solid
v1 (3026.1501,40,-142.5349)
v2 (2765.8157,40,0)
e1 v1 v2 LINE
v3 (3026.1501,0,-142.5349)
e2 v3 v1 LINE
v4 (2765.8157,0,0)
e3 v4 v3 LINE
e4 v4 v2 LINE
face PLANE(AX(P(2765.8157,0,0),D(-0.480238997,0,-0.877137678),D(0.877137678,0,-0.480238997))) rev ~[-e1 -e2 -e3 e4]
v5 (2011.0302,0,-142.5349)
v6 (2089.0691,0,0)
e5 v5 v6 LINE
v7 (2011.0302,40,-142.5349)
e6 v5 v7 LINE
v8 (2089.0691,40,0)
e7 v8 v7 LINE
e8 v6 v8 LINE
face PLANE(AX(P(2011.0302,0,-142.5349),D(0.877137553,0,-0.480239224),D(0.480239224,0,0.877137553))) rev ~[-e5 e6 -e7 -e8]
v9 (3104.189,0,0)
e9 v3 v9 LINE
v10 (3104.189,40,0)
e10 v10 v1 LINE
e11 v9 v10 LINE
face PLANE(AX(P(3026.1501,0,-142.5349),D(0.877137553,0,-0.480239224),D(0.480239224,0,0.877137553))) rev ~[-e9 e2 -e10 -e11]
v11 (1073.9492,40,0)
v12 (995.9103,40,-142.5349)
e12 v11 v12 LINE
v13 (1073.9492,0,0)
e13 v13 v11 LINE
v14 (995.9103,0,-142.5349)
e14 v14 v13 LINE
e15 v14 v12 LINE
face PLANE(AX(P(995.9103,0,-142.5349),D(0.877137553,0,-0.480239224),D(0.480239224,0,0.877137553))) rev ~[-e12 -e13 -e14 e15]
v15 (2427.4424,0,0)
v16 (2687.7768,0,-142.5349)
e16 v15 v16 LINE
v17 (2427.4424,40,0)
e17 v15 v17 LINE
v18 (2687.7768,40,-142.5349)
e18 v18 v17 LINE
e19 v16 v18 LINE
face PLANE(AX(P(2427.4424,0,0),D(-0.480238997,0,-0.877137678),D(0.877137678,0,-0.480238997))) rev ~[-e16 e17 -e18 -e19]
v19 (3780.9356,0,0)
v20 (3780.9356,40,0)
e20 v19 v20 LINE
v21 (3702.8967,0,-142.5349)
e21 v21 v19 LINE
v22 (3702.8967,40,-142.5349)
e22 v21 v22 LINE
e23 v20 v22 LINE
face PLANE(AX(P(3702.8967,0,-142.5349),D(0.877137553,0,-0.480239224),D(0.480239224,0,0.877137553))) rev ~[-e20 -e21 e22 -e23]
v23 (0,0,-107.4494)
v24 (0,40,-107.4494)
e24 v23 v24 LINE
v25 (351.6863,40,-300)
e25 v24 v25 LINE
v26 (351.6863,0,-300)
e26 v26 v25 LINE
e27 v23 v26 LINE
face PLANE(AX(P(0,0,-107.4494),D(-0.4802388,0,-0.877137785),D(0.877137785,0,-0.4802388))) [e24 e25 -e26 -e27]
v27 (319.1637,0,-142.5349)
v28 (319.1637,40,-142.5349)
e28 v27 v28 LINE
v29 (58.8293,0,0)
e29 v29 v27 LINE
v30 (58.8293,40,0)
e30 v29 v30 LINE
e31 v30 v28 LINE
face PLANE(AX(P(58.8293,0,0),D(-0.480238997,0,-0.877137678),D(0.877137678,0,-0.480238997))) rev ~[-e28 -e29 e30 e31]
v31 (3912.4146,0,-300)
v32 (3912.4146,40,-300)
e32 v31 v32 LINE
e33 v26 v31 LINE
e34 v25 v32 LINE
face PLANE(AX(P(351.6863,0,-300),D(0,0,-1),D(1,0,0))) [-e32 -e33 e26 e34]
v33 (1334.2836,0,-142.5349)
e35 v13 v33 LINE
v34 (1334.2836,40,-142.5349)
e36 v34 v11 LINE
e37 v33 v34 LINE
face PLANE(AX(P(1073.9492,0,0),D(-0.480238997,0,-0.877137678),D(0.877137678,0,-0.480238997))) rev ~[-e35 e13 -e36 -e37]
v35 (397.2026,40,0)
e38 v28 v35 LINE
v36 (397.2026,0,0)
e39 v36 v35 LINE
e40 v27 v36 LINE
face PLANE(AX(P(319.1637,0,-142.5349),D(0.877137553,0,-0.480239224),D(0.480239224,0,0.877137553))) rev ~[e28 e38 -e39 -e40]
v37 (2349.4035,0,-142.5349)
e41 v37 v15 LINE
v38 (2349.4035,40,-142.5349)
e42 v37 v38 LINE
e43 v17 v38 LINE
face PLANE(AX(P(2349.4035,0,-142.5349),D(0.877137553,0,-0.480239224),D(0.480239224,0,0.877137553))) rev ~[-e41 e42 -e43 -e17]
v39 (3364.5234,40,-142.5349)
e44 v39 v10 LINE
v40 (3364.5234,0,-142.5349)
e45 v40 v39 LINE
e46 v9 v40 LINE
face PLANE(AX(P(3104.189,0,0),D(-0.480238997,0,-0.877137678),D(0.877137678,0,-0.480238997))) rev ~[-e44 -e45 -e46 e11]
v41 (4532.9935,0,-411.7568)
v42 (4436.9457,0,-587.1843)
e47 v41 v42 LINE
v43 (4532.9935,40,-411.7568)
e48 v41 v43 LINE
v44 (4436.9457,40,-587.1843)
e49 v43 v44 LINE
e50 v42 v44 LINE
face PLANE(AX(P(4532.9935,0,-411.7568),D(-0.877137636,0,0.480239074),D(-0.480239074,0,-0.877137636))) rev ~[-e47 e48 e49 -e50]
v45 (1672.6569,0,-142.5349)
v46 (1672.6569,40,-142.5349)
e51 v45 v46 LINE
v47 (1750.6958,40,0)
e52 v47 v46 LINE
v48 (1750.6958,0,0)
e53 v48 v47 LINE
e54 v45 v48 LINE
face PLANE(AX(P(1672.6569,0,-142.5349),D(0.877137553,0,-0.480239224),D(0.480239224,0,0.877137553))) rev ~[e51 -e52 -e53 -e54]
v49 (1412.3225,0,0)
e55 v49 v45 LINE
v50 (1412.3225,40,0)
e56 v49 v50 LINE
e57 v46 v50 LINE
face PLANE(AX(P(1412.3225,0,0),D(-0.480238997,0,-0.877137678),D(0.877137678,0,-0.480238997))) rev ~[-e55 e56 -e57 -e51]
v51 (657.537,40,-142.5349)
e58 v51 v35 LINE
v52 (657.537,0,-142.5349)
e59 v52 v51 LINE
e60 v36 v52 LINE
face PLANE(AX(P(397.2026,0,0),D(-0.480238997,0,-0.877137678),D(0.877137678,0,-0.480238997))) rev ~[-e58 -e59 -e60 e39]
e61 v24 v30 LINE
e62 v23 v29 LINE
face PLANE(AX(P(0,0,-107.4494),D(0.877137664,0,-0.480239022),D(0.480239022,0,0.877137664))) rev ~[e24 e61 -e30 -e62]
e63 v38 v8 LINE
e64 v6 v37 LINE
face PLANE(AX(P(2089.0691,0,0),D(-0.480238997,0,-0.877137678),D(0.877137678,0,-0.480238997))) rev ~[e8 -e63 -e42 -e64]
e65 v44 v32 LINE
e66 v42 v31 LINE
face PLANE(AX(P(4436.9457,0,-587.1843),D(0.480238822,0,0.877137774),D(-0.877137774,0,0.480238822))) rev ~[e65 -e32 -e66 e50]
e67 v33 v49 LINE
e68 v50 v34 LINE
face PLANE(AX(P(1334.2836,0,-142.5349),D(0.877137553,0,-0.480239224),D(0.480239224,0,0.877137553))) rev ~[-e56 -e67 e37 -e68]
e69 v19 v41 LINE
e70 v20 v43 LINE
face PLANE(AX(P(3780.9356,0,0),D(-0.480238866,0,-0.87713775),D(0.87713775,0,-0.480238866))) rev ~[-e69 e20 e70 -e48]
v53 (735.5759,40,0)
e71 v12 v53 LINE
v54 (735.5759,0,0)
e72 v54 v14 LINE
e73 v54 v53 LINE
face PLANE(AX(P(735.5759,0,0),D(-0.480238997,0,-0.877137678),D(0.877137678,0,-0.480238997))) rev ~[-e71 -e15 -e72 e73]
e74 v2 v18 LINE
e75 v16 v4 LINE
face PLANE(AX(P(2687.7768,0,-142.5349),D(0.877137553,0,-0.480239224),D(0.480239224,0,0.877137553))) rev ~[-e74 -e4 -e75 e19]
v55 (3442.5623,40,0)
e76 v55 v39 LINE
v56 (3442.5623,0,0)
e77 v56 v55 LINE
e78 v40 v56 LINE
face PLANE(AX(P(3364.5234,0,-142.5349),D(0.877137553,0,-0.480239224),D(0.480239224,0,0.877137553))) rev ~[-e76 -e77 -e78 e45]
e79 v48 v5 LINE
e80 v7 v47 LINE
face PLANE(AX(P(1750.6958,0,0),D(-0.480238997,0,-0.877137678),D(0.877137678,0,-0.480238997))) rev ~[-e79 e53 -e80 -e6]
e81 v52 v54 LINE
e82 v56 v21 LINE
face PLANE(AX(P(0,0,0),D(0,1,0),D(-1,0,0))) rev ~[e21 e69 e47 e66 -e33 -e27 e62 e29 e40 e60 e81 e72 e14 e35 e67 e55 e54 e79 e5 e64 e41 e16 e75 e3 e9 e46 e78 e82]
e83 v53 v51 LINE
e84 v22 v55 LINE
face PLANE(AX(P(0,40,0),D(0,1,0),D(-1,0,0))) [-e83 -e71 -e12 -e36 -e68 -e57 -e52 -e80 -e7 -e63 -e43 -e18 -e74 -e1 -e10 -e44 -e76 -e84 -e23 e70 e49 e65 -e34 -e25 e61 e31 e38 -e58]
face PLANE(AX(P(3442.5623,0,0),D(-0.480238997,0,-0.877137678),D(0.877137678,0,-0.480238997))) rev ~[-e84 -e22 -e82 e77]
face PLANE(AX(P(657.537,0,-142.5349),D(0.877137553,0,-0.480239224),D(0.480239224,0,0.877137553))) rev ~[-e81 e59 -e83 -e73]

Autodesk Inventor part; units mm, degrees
ref_plane "YZ Plane" through (0, 0, 0) normal (1, 0, 0) x (0, 1, 0)
ref_plane "XZ Plane" through (0, 0, 0) normal (0, 1, 0) x (-1, 0, 0)
ref_plane "XY Plane" through (0, 0, 0) normal (0, 0, 1) x (1, 0, 0)
sketch "Эскиз1" plane through (0, 0, 0) normal (0, 1, 0) x (-1, 0, 0)
  line L0 (-351.6863, -300) -> (-3912.4146, -300)
  line L1 (-3780.9356, 0) -> (-397.2026, 0)
  line L2 (0, -107.4494) -> (-351.6863, -300)
  line L3 (0, -107.4494) -> (-58.8293, 0)
  line L4 (-58.8293, 0) -> (-319.1637, -142.5349)
  line L5 (-319.1637, -142.5349) -> (-397.2026, 0)
  line L6 (-397.2026, 0) -> (-657.537, -142.5349) construction
  line L7 (-657.537, -142.5349) -> (-319.1637, -142.5349) construction
  line L8 (-3780.9356, 0) -> (-4532.9935, -411.7568)
  line L9 (-4532.9935, -411.7568) -> (-4436.9457, -587.1843)
  line L10 (-4436.9457, -587.1843) -> (-3912.4146, -300)
  point P0 (0, 0)
  dimension "d0" = 300
  dimension "d4" = 162.5
  dimension "d5" = 296.8
  dimension "d6" = 338.3733
  dimension "Выс1" = 122.5
  dimension "Длина1" = 296.8
  dimension "Выс2" = 200
  dimension "Длина" = 3383.733
  dimension "Длина2" = 857.4
extrude "Выдавливание1" add sketch "Эскиз1" along normal blind 40
sketch "Эскиз2" plane through (0, 0, 0) normal (0, 1, 0) x (-1, 0, 0)
  line L0 (-397.2026, 0) -> (-3780.9356, 0) construction
  line L1 (-3780.9356, 0) -> (-4532.9935, -411.7568) construction
  line L2 (-4532.9935, -411.7568) -> (-4436.9457, -587.1843) construction
  line L3 (-4436.9457, -587.1843) -> (-3912.4146, -300) construction
  line L4 (-3912.4146, -300) -> (-351.6863, -300) construction
  line L5 (-351.6863, -300) -> (0, -107.4494) construction
  line L6 (0, -107.4494) -> (-58.8293, 0) construction
  line L7 (-58.8293, 0) -> (-319.1637, -142.5349) construction
  line L8 (-319.1637, -142.5349) -> (-397.2026, 0) construction
  line L9 (-397.2026, 0) -> (-657.537, -142.5349)
  line L10 (-657.537, -142.5349) -> (-735.5759, 0)
  line L11 (-735.5759, 0) -> (-397.2026, 0)
  point P0 (0, 0)
  dimension "d12" = 338.3733
extrude "Выдавливание2" cut sketch "Эскиз2" along normal through all
pattern_linear "Прямоуг.массив1" count 10 spacing 338.3733 along (1, 0, 0) of "Выдавливание2"
equation "\"d0\" = пШирКосоура"
equation "\"d4\" = пПодъем"
equation "\"d5\" = пХод"
equation "\"d6\" = пДиаг"
equation "\"Выс1\" = пПодъем - пТолПроступи"
equation "\"Длина1\" = пХод"
equation "\"Выс2\" = 0.666667 * пШирКосоура"
equation "\"Длина2\" = -пСвес + пДлПроступи + пОтступОтСтен - пТолПодступенка"
equation "\"d2\" = пТолКосоура"
equation "\"d12\" = пДиаг"
equation "\"d13\" = пТолКосоура"
equation "\"d17\" = пДиаг"
equation "\"пДлПроступи\" = 900"
equation "\"пПодъем\" = 162.5"
equation "\"пХод\" = 296.8"
equation "\"пЭффШаг\" = 621.8"
equation "\"пСвес\" = 30.2"
equation "\"пТолПроступи\" = 40"
equation "\"пТолКосоура\" = 40"
equation "\"пШирКосоура\" = 300"
equation "\"пОтступСтен\" = 5"
equation "\"пДиаг\" = 338.3733"
equation "\"пШирПроступи\" = 327"
equation "\"пТолПодступенка\" = 17.4"
equation "\"пГлубПаза\" = 12"
equation "\"пОтступОтСтен\" = 5"
equation "\"пТолПричала\" = 17.4"
equation "\"ДЛИНА\" = 4532.99348"
properties part number "Косоур-1" material "Ясень"
